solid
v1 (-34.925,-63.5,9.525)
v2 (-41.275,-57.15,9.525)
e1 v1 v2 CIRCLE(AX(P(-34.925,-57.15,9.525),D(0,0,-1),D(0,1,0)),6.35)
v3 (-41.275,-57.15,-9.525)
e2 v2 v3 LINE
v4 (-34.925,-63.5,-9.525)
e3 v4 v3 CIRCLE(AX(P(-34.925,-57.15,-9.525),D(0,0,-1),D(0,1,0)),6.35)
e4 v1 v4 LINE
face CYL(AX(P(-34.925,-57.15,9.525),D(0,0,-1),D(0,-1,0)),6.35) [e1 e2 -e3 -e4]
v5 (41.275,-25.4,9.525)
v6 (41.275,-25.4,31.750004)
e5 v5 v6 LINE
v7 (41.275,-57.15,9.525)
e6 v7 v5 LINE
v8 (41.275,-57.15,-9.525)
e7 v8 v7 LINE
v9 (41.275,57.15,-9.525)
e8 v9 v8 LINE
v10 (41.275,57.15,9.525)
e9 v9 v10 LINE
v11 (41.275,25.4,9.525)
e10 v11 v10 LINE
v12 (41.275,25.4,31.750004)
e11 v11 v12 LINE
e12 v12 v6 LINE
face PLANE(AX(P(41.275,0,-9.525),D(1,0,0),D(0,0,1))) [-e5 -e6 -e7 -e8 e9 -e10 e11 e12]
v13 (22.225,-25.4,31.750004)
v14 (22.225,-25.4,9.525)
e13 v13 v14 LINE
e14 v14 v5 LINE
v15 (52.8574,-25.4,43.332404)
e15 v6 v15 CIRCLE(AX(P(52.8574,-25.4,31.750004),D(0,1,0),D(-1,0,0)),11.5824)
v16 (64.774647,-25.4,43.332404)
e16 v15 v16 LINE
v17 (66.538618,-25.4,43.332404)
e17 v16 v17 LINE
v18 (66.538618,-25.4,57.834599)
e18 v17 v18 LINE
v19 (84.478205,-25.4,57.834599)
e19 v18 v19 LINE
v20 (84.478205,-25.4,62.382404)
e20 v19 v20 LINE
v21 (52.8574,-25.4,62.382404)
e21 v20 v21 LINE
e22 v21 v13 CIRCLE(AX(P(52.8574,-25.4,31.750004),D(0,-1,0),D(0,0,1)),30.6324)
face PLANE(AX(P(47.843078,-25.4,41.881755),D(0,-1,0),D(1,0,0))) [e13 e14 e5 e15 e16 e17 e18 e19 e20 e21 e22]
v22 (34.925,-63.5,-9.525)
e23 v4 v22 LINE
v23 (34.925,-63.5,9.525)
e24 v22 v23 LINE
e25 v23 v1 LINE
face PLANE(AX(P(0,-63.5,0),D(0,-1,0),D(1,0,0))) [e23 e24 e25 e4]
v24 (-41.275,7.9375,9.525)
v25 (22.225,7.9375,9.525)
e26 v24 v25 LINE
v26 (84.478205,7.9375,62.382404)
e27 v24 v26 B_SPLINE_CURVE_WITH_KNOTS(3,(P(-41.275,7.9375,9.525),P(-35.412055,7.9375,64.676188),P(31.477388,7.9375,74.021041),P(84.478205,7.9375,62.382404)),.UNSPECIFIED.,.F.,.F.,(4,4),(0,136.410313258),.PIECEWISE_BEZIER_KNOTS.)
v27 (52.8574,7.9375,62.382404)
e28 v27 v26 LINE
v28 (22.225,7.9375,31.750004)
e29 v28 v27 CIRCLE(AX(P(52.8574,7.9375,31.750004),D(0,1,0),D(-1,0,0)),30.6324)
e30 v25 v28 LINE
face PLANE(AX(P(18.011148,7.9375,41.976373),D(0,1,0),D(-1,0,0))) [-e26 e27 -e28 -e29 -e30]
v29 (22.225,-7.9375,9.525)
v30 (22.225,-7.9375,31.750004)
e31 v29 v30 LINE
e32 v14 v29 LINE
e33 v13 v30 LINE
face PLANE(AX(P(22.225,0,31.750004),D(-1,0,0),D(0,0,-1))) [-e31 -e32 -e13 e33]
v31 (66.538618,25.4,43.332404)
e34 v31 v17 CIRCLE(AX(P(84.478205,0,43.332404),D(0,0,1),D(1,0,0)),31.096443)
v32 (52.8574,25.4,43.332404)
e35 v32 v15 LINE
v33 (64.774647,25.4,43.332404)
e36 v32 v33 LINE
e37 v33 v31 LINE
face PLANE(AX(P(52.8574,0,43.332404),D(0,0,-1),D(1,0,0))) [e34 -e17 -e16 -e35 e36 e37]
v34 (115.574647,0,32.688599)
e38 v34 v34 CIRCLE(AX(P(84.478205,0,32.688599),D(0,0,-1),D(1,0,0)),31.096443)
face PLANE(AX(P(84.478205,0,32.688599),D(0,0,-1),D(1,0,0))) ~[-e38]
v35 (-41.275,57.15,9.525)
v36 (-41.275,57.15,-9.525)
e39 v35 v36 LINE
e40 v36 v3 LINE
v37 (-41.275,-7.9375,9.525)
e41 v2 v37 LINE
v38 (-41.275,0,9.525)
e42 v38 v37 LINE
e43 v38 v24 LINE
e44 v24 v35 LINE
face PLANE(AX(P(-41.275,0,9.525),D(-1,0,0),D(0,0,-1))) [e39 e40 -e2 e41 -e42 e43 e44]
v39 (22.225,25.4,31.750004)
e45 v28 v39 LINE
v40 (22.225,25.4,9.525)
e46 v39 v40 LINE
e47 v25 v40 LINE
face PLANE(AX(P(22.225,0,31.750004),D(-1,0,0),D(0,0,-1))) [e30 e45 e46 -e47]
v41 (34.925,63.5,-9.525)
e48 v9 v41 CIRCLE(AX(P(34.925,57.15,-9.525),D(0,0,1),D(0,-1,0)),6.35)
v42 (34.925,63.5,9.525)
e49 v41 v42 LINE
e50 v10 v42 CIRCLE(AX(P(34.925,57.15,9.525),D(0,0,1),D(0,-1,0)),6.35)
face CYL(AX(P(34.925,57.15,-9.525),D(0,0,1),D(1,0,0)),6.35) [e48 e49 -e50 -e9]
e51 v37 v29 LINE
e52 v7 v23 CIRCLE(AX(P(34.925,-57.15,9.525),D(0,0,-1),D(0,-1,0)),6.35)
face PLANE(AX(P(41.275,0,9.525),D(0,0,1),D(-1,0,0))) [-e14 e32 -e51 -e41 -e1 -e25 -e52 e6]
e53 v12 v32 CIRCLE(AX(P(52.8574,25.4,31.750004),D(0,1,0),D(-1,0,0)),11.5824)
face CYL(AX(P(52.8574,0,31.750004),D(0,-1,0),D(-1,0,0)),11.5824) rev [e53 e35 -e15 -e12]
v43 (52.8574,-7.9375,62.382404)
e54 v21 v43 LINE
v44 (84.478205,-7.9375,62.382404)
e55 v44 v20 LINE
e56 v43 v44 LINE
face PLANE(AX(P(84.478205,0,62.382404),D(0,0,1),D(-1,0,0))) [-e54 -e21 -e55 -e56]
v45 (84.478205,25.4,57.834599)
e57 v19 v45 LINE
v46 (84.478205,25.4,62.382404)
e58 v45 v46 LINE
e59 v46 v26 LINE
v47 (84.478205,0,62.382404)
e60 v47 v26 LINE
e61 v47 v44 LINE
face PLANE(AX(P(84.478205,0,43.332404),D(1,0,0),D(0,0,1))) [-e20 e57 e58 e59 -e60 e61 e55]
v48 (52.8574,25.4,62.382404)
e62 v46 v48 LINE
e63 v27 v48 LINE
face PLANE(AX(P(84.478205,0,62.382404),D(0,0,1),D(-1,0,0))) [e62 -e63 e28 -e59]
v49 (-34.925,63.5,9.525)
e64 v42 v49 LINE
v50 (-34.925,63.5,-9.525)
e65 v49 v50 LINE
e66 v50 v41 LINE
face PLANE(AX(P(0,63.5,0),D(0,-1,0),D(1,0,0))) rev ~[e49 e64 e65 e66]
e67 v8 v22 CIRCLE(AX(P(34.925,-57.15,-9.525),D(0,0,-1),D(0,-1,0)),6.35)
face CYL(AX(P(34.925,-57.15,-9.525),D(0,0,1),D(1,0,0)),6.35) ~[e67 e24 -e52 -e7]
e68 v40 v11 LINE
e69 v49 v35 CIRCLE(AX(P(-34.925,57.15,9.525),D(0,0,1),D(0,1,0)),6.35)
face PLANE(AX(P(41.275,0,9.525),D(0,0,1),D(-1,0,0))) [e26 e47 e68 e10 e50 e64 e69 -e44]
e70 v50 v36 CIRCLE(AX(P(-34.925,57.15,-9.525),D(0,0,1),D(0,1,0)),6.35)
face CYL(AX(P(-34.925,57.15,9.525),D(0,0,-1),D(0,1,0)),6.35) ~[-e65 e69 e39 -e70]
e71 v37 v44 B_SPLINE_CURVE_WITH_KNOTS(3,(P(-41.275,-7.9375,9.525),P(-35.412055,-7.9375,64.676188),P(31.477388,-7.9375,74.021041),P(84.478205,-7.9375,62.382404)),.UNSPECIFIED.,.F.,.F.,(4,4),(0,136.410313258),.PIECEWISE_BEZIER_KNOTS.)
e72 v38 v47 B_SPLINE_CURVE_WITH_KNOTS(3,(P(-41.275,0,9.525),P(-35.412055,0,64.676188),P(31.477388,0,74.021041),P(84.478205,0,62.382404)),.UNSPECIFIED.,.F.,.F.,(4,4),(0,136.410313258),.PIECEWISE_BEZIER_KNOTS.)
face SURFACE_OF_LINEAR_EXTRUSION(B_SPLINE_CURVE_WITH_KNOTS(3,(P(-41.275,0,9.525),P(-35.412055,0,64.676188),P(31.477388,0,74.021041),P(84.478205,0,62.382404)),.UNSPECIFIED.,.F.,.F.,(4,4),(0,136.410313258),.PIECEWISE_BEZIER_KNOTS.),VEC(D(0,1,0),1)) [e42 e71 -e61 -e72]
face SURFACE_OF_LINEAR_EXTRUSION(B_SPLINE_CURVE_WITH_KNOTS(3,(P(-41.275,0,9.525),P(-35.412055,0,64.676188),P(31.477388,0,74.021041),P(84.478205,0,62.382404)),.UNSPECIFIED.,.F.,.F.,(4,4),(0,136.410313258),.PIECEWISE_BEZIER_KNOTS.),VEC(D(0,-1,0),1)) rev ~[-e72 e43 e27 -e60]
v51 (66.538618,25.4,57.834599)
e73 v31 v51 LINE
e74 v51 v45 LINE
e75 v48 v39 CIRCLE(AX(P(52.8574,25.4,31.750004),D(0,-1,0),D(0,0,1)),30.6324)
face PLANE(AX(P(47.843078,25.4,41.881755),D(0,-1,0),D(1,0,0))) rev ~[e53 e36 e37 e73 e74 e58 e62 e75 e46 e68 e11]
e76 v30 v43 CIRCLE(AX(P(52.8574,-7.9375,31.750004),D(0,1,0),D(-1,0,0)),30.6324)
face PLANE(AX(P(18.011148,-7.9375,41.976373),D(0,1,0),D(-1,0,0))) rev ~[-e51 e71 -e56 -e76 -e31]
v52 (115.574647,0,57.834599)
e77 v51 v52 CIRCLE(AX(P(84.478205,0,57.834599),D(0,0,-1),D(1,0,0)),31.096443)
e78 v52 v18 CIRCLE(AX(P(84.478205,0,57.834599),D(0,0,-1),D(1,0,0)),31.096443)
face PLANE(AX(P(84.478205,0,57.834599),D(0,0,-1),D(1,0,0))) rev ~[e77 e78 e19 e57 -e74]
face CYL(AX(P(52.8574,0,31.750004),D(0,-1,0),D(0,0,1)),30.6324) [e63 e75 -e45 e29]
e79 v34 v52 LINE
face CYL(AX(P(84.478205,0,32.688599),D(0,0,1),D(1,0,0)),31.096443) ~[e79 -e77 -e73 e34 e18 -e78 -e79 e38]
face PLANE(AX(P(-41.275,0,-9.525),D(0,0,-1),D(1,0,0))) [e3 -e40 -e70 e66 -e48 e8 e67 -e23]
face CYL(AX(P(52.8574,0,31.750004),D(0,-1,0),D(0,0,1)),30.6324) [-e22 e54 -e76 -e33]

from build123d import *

# Parameters (mm, degrees)
F1_DEPTH = 63.5
F0_W     = 19.703557321
F0_H     = 14.5021951942
F2_DEPTH = 25.4
F3_DEPTH = 7.9375
F5_R     = 6.35


with BuildPart() as f1:
    # F0 (on Front) → F1 (new body, symmetric)
    with BuildSketch(Plane.XZ):
        Polygon((-41.275, 9.525), (-41.275, -9.525), (41.275, -9.525), (41.275, 9.525), (22.225, 9.525), align=None)
    extrude(amount=F1_DEPTH, both=True)

    # F0 (on Front) → F2 (join, symmetric)
    with BuildSketch(Plane.XZ):
        with BuildLine():
            Line((22.225, 9.525), (41.275, 9.525))
            Line((41.275, 9.525), (41.275, 31.7500035657))
            ThreePointArc((41.275, 31.7500035657), (44.6674064176, 39.9399971481), (52.8574, 43.3324035657))
            Line((52.8574, 43.3324035657), (64.774647217, 43.3324035657))
            Line((64.774647217, 43.3324035657), (64.774647217, 57.8345987598))
            Line((64.774647217, 57.8345987598), (84.478204538, 57.8345987598))
            Line((84.478204538, 57.8345987598), (84.478204538, 62.3824035657))
            Line((84.478204538, 62.3824035657), (52.8574, 62.3824035657))
            ThreePointArc((52.8574, 62.3824035657), (31.197022236, 53.4103813297), (22.225, 31.7500035657))
            Line((22.225, 31.7500035657), (22.225, 9.525))
        make_face()
        with Locations((74.6264258775, 50.5835011627)):
            Rectangle(F0_W, F0_H)
    extrude(amount=F2_DEPTH, both=True)

    # F0 (on Front) → F3 (join, symmetric)
    with BuildSketch(Plane.XZ):
        with BuildLine():
            add(Edge.make_bspline(
                [(-41.275, 9.525), (-35.4120545089, 64.6761879325), (31.4773879945, 74.0210413933), (84.478204538, 62.3824035657)],
                knots=[0, 0, 0, 0, 136.4103132585, 136.4103132585, 136.4103132585, 136.4103132585], degree=3))
            Line((-41.275, 9.525), (22.225, 9.525))
            Line((22.225, 9.525), (22.225, 31.7500035657))
            ThreePointArc((22.225, 31.7500035657), (31.197022236, 53.4103813297), (52.8574, 62.3824035657))
            Line((52.8574, 62.3824035657), (84.478204538, 62.3824035657))
        make_face()
    extrude(amount=F3_DEPTH, both=True)

    # F0 (on Front) → F4 (revolve)
    with BuildSketch(Plane.XZ):
        Polygon((115.574647217, 57.8345987598), (84.478204538, 57.8345987598), (84.478204538, 43.3324035657), (84.478204538, 32.6885987598), (115.574647217, 32.6885987598), align=None)
    revolve(axis=Axis((84.478204538, 0, 47.5355011627), (0, 0, -1)))

    # F5
    f5_edges = [f1.edges().sort_by_distance(p)[0] for p in [
        (41.275, -63.5, 0),
        (-41.275, -63.5, 0),
        (-41.275, 63.5, 0),
        (41.275, 63.5, 0),
    ]]
    fillet(f5_edges, radius=F5_R)


solid = f1.part
